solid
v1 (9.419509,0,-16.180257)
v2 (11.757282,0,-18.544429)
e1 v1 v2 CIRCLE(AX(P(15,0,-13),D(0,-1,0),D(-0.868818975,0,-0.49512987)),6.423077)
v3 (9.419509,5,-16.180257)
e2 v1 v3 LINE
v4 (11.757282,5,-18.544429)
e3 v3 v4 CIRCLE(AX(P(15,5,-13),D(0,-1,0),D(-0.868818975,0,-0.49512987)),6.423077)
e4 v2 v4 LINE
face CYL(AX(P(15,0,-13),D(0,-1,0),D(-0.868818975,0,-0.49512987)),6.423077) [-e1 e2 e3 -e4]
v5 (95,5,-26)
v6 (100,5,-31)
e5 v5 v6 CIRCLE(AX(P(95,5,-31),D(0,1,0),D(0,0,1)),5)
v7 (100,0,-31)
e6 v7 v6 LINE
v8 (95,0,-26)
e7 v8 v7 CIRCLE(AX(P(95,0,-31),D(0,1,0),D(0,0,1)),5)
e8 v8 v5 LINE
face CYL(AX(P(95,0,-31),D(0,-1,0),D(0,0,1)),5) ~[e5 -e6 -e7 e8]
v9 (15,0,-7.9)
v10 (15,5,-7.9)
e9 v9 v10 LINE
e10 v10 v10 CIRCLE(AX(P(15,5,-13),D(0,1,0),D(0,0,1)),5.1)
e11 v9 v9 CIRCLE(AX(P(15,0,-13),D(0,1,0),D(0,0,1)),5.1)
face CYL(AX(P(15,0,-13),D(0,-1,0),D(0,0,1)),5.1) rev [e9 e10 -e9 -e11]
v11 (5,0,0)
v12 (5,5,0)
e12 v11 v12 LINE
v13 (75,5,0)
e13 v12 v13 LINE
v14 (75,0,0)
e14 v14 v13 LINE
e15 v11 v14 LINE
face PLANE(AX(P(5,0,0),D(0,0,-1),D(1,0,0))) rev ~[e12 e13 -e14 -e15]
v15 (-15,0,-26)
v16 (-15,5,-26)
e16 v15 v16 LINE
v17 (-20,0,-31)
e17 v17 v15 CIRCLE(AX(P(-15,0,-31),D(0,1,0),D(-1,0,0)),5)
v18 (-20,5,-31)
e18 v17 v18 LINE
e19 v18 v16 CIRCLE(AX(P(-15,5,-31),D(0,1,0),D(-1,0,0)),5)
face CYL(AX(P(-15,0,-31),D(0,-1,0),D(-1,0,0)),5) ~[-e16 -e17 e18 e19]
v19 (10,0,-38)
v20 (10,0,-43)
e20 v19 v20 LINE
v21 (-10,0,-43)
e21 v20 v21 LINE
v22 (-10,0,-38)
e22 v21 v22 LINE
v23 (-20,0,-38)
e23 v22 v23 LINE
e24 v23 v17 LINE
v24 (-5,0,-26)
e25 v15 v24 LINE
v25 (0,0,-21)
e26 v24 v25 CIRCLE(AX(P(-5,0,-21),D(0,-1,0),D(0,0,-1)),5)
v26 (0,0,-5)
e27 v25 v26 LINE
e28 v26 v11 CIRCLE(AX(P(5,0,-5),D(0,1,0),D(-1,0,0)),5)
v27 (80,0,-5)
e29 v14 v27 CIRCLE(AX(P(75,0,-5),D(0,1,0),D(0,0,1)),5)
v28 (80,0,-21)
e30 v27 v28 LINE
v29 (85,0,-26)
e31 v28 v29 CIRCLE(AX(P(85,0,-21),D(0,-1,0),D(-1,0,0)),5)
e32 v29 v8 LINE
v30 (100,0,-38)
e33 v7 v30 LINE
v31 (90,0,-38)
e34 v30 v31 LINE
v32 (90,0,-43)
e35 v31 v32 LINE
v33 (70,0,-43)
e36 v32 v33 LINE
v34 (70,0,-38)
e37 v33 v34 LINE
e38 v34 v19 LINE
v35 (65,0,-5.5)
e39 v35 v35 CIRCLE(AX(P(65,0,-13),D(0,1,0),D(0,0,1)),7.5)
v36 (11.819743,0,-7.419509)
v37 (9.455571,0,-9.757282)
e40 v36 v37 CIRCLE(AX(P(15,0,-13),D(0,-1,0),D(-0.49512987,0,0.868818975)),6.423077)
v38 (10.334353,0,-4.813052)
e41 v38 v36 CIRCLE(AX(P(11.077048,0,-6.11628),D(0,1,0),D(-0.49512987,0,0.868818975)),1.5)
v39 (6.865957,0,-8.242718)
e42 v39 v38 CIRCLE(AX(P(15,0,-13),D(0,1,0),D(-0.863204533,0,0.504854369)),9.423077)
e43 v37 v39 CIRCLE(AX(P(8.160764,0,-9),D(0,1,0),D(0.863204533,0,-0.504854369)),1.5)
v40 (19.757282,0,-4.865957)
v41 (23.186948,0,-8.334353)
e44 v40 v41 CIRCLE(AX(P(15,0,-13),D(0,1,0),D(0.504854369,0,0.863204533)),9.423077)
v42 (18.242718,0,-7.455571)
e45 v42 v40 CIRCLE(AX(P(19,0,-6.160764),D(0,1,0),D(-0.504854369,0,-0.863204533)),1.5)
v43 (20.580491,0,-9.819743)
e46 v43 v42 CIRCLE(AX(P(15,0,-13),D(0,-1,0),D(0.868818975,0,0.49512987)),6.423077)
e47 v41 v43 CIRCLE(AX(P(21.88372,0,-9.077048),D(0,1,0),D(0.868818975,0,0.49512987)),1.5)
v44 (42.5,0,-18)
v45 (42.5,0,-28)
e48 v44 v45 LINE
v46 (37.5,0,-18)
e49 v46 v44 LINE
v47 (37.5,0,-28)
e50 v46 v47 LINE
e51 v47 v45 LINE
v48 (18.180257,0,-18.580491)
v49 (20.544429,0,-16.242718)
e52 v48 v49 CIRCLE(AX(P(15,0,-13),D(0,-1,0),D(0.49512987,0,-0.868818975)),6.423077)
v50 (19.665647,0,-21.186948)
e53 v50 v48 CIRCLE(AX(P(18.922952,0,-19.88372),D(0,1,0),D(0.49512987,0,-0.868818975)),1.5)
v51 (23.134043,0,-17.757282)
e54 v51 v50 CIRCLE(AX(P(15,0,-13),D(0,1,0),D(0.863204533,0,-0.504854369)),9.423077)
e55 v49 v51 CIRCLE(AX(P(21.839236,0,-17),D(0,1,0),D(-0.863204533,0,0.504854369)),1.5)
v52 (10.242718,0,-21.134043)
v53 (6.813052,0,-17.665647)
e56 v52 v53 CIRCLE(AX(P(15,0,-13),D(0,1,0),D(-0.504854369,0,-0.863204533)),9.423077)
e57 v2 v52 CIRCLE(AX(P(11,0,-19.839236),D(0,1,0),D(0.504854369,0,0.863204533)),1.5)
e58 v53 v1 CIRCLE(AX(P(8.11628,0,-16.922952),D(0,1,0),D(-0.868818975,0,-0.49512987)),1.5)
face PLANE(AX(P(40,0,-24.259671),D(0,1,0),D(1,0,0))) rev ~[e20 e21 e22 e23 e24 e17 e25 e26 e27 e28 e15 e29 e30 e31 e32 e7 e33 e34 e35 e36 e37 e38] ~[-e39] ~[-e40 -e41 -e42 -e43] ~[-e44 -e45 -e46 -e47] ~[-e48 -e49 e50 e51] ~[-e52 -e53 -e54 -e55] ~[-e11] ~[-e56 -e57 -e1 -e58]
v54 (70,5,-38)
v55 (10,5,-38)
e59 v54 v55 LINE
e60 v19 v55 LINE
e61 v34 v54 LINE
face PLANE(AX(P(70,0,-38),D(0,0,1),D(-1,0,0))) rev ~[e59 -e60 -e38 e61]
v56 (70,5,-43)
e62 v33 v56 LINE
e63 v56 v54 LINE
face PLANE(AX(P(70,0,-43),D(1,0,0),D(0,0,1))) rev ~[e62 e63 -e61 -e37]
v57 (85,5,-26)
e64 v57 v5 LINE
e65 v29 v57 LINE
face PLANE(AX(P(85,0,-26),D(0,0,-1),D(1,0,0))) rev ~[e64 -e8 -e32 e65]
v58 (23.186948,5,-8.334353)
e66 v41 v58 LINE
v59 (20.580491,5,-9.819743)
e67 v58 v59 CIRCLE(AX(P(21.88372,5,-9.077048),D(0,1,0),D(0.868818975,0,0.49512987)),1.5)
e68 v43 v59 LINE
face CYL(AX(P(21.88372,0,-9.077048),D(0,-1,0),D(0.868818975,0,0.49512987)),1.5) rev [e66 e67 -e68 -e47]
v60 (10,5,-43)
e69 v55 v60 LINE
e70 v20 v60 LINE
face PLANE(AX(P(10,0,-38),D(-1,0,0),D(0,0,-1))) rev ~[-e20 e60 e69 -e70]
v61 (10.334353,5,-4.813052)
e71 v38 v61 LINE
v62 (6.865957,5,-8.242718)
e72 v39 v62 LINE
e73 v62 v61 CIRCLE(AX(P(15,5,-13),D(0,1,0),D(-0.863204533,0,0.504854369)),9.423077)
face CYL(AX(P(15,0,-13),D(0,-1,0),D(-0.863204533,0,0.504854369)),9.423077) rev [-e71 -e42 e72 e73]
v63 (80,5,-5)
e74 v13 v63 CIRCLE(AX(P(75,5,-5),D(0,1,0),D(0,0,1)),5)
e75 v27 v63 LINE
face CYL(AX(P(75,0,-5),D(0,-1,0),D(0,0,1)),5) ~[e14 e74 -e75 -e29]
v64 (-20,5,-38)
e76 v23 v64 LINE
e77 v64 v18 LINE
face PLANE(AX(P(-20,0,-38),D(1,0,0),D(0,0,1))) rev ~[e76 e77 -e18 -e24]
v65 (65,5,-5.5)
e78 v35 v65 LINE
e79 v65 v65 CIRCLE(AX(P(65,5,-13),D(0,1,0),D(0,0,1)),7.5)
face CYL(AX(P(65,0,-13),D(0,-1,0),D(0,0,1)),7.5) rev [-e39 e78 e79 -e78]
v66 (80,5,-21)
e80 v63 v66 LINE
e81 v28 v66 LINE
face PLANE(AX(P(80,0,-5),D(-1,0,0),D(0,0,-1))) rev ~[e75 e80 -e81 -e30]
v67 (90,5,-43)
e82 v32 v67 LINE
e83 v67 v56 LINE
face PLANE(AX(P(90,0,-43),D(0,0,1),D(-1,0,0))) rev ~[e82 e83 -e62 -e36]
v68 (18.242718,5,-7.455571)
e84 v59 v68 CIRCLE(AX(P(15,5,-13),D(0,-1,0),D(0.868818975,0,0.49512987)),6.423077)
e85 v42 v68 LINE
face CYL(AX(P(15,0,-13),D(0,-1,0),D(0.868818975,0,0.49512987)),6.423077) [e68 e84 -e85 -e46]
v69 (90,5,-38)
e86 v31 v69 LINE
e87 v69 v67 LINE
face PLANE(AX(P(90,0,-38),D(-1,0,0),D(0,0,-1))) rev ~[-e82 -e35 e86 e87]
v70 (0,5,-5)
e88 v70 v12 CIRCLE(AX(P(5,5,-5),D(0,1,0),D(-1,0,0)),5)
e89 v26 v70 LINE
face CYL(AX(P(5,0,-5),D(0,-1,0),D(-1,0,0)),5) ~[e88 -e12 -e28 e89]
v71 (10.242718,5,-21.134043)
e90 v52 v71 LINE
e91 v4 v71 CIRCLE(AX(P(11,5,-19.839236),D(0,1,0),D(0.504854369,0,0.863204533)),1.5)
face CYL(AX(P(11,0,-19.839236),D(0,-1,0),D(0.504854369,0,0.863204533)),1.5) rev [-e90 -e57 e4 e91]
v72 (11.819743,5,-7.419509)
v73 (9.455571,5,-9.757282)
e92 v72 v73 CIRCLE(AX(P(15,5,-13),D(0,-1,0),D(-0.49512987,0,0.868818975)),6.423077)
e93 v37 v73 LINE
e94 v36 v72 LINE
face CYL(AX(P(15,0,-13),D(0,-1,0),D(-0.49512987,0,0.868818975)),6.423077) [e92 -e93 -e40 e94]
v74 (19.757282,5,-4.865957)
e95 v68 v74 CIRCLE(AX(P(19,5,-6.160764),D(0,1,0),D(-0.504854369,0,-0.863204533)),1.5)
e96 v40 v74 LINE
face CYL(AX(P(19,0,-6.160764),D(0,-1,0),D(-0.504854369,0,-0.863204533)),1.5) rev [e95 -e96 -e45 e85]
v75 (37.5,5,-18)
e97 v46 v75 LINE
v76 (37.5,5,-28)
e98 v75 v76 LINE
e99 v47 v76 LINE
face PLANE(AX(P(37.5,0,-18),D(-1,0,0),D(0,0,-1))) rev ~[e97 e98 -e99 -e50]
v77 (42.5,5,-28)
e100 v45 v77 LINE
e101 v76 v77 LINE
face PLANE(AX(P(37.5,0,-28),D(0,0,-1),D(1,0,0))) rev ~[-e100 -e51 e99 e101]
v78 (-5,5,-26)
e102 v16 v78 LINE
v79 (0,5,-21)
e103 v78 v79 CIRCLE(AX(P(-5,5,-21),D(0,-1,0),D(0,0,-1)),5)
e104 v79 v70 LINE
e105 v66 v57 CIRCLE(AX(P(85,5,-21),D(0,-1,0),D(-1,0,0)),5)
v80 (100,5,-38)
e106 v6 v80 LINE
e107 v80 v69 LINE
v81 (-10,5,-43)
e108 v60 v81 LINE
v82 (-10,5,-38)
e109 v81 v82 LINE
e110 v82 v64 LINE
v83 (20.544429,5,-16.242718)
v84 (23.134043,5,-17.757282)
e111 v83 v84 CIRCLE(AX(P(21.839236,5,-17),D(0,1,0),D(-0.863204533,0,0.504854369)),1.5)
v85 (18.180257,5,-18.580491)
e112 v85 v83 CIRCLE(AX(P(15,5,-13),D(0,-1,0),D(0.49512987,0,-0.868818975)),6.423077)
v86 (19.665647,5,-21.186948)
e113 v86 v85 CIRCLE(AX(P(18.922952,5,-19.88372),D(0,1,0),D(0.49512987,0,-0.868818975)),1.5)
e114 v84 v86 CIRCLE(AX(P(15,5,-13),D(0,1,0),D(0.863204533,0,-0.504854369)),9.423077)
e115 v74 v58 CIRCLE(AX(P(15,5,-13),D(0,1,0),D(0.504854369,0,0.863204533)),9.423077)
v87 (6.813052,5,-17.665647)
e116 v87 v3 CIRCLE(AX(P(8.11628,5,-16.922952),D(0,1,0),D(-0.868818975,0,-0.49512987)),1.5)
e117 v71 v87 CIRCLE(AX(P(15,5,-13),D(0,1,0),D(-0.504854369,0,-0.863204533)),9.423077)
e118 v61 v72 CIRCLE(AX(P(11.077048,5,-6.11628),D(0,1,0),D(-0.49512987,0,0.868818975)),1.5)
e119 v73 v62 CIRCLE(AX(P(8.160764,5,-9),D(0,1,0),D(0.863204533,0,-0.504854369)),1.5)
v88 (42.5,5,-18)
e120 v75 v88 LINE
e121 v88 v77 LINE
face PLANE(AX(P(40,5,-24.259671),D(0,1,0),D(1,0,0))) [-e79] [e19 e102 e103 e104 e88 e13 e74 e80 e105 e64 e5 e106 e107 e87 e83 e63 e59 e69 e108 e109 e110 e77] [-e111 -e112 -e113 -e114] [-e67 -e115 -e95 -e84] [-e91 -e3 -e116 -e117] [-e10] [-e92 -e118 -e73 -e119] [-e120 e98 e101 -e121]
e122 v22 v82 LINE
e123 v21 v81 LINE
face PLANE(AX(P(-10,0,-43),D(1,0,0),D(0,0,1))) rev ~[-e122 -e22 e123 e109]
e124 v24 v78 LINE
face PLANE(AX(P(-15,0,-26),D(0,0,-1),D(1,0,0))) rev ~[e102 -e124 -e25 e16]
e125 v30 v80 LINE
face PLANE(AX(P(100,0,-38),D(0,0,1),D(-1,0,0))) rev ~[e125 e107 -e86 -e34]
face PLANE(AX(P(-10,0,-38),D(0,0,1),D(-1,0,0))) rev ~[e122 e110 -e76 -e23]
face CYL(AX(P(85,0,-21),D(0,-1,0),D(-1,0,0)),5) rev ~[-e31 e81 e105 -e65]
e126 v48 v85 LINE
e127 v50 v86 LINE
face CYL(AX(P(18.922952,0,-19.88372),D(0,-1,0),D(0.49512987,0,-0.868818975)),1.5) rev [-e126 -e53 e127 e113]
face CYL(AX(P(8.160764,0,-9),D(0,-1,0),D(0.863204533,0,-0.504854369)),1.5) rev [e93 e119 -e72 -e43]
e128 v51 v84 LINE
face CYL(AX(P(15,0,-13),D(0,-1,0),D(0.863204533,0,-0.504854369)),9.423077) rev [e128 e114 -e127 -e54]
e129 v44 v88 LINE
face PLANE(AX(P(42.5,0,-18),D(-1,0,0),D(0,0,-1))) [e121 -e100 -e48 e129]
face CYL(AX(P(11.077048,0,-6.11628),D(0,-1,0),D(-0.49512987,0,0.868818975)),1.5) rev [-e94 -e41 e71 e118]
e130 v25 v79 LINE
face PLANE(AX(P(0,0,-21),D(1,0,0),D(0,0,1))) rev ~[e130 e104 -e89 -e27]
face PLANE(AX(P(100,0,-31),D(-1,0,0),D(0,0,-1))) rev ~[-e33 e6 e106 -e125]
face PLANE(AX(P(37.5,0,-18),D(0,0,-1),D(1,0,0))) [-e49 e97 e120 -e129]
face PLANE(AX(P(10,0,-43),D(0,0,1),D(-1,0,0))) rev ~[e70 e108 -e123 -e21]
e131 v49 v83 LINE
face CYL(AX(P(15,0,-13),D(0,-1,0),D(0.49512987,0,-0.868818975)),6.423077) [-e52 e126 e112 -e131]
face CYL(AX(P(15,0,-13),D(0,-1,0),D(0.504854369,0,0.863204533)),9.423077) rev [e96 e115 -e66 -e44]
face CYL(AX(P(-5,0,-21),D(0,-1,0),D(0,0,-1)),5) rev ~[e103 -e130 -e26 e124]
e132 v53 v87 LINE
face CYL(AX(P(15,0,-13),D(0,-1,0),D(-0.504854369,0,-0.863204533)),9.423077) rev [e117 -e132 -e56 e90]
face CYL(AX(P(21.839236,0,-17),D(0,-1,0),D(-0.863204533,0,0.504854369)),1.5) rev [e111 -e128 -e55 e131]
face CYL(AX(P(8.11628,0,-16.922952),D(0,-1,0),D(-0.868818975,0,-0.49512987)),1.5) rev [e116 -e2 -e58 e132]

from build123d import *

# Parameters (mm, degrees)
SKETCH_1_R      = 5.1
SKETCH_1_R_2    = 7.5
SKETCH_1_W      = 5
SKETCH_1_H      = 10
EXTRUDE_1_DEPTH = 5


with BuildPart() as part:
    # 草图1 → 凸台-拉伸1 (new body)
    with BuildSketch(Plane(origin=(0, 0, 0), x_dir=(1, 0, 0), z_dir=(0, 1, 0))):
        with BuildLine():
            Line((5, 0), (75, 0))
            ThreePointArc((75, 0), (78.535533906, 1.464466094), (80, 5))
            Line((80, 5), (80, 21))
            ThreePointArc((80, 21), (81.464466094, 24.535533906), (85, 26))
            Line((85, 26), (95, 26))
            ThreePointArc((95, 26), (98.535533906, 27.464466094), (100, 31))
            Line((100, 31), (100, 38))
            Line((100, 38), (90, 38))
            Line((90, 38), (90, 43))
            Line((90, 43), (70, 43))
            Line((70, 43), (70, 38))
            Line((70, 38), (10, 38))
            Line((10, 38), (10, 43))
            Line((10, 43), (-10, 43))
            Line((-10, 43), (-10, 38))
            Line((-10, 38), (-20, 38))
            Line((-20, 38), (-20, 31))
            ThreePointArc((-20, 31), (-18.535533906, 27.464466094), (-15, 26))
            Line((-15, 26), (-5, 26))
            ThreePointArc((-5, 26), (-1.464466094, 24.535533906), (0, 21))
            Line((0, 21), (0, 5))
            ThreePointArc((0, 5), (1.464466094, 1.464466094), (5, 0))
        make_face()
        with Locations(Location((15, 13, 0), (0, 0, 270))):
            Circle(SKETCH_1_R, mode=Mode.SUBTRACT)
        with Locations(Location((65, 13, 0), (0, 0, 270))):
            Circle(SKETCH_1_R_2, mode=Mode.SUBTRACT)
        with Locations((40, 23)):
            Rectangle(SKETCH_1_W, SKETCH_1_H, mode=Mode.SUBTRACT)
        with BuildLine():
            ThreePointArc((10.242718447, 21.134042717), (8.299573716, 19.625606863), (6.813051963, 17.665646852))
            ThreePointArc((6.813051963, 17.665646852), (7.373585621, 15.619723584), (9.419508889, 16.180257242))
            ThreePointArc((9.419508889, 16.180257242), (10.432770655, 17.516229984), (11.757281553, 18.544429117))
            ThreePointArc((11.757281553, 18.544429117), (12.2948068, 20.59651747), (10.242718447, 21.134042717))
        make_face(mode=Mode.SUBTRACT)
        with BuildLine():
            ThreePointArc((23.134042717, 17.757281553), (21.625606863, 19.700426284), (19.665646852, 21.186948037))
            ThreePointArc((19.665646852, 21.186948037), (17.619723584, 20.626414379), (18.180257242, 18.580491111))
            ThreePointArc((18.180257242, 18.580491111), (19.516229984, 17.567229345), (20.544429117, 16.242718447))
            ThreePointArc((20.544429117, 16.242718447), (22.59651747, 15.7051932), (23.134042717, 17.757281553))
        make_face(mode=Mode.SUBTRACT)
        with BuildLine():
            ThreePointArc((19.757281553, 4.865957283), (21.700426284, 6.374393137), (23.186948037, 8.334353148))
            ThreePointArc((23.186948037, 8.334353148), (22.626414379, 10.380276416), (20.580491111, 9.819742758))
            ThreePointArc((20.580491111, 9.819742758), (19.567229345, 8.483770016), (18.242718447, 7.455570883))
            ThreePointArc((18.242718447, 7.455570883), (17.7051932, 5.40348253), (19.757281553, 4.865957283))
        make_face(mode=Mode.SUBTRACT)
        with BuildLine():
            ThreePointArc((6.865957283, 8.242718447), (8.374393137, 6.299573716), (10.334353148, 4.813051963))
            ThreePointArc((10.334353148, 4.813051963), (12.380276416, 5.373585621), (11.819742758, 7.419508889))
            ThreePointArc((11.819742758, 7.419508889), (10.483770016, 8.432770655), (9.455570883, 9.757281553))
            ThreePointArc((9.455570883, 9.757281553), (7.40348253, 10.2948068), (6.865957283, 8.242718447))
        make_face(mode=Mode.SUBTRACT)
    extrude(amount=EXTRUDE_1_DEPTH)


solid = part.part
